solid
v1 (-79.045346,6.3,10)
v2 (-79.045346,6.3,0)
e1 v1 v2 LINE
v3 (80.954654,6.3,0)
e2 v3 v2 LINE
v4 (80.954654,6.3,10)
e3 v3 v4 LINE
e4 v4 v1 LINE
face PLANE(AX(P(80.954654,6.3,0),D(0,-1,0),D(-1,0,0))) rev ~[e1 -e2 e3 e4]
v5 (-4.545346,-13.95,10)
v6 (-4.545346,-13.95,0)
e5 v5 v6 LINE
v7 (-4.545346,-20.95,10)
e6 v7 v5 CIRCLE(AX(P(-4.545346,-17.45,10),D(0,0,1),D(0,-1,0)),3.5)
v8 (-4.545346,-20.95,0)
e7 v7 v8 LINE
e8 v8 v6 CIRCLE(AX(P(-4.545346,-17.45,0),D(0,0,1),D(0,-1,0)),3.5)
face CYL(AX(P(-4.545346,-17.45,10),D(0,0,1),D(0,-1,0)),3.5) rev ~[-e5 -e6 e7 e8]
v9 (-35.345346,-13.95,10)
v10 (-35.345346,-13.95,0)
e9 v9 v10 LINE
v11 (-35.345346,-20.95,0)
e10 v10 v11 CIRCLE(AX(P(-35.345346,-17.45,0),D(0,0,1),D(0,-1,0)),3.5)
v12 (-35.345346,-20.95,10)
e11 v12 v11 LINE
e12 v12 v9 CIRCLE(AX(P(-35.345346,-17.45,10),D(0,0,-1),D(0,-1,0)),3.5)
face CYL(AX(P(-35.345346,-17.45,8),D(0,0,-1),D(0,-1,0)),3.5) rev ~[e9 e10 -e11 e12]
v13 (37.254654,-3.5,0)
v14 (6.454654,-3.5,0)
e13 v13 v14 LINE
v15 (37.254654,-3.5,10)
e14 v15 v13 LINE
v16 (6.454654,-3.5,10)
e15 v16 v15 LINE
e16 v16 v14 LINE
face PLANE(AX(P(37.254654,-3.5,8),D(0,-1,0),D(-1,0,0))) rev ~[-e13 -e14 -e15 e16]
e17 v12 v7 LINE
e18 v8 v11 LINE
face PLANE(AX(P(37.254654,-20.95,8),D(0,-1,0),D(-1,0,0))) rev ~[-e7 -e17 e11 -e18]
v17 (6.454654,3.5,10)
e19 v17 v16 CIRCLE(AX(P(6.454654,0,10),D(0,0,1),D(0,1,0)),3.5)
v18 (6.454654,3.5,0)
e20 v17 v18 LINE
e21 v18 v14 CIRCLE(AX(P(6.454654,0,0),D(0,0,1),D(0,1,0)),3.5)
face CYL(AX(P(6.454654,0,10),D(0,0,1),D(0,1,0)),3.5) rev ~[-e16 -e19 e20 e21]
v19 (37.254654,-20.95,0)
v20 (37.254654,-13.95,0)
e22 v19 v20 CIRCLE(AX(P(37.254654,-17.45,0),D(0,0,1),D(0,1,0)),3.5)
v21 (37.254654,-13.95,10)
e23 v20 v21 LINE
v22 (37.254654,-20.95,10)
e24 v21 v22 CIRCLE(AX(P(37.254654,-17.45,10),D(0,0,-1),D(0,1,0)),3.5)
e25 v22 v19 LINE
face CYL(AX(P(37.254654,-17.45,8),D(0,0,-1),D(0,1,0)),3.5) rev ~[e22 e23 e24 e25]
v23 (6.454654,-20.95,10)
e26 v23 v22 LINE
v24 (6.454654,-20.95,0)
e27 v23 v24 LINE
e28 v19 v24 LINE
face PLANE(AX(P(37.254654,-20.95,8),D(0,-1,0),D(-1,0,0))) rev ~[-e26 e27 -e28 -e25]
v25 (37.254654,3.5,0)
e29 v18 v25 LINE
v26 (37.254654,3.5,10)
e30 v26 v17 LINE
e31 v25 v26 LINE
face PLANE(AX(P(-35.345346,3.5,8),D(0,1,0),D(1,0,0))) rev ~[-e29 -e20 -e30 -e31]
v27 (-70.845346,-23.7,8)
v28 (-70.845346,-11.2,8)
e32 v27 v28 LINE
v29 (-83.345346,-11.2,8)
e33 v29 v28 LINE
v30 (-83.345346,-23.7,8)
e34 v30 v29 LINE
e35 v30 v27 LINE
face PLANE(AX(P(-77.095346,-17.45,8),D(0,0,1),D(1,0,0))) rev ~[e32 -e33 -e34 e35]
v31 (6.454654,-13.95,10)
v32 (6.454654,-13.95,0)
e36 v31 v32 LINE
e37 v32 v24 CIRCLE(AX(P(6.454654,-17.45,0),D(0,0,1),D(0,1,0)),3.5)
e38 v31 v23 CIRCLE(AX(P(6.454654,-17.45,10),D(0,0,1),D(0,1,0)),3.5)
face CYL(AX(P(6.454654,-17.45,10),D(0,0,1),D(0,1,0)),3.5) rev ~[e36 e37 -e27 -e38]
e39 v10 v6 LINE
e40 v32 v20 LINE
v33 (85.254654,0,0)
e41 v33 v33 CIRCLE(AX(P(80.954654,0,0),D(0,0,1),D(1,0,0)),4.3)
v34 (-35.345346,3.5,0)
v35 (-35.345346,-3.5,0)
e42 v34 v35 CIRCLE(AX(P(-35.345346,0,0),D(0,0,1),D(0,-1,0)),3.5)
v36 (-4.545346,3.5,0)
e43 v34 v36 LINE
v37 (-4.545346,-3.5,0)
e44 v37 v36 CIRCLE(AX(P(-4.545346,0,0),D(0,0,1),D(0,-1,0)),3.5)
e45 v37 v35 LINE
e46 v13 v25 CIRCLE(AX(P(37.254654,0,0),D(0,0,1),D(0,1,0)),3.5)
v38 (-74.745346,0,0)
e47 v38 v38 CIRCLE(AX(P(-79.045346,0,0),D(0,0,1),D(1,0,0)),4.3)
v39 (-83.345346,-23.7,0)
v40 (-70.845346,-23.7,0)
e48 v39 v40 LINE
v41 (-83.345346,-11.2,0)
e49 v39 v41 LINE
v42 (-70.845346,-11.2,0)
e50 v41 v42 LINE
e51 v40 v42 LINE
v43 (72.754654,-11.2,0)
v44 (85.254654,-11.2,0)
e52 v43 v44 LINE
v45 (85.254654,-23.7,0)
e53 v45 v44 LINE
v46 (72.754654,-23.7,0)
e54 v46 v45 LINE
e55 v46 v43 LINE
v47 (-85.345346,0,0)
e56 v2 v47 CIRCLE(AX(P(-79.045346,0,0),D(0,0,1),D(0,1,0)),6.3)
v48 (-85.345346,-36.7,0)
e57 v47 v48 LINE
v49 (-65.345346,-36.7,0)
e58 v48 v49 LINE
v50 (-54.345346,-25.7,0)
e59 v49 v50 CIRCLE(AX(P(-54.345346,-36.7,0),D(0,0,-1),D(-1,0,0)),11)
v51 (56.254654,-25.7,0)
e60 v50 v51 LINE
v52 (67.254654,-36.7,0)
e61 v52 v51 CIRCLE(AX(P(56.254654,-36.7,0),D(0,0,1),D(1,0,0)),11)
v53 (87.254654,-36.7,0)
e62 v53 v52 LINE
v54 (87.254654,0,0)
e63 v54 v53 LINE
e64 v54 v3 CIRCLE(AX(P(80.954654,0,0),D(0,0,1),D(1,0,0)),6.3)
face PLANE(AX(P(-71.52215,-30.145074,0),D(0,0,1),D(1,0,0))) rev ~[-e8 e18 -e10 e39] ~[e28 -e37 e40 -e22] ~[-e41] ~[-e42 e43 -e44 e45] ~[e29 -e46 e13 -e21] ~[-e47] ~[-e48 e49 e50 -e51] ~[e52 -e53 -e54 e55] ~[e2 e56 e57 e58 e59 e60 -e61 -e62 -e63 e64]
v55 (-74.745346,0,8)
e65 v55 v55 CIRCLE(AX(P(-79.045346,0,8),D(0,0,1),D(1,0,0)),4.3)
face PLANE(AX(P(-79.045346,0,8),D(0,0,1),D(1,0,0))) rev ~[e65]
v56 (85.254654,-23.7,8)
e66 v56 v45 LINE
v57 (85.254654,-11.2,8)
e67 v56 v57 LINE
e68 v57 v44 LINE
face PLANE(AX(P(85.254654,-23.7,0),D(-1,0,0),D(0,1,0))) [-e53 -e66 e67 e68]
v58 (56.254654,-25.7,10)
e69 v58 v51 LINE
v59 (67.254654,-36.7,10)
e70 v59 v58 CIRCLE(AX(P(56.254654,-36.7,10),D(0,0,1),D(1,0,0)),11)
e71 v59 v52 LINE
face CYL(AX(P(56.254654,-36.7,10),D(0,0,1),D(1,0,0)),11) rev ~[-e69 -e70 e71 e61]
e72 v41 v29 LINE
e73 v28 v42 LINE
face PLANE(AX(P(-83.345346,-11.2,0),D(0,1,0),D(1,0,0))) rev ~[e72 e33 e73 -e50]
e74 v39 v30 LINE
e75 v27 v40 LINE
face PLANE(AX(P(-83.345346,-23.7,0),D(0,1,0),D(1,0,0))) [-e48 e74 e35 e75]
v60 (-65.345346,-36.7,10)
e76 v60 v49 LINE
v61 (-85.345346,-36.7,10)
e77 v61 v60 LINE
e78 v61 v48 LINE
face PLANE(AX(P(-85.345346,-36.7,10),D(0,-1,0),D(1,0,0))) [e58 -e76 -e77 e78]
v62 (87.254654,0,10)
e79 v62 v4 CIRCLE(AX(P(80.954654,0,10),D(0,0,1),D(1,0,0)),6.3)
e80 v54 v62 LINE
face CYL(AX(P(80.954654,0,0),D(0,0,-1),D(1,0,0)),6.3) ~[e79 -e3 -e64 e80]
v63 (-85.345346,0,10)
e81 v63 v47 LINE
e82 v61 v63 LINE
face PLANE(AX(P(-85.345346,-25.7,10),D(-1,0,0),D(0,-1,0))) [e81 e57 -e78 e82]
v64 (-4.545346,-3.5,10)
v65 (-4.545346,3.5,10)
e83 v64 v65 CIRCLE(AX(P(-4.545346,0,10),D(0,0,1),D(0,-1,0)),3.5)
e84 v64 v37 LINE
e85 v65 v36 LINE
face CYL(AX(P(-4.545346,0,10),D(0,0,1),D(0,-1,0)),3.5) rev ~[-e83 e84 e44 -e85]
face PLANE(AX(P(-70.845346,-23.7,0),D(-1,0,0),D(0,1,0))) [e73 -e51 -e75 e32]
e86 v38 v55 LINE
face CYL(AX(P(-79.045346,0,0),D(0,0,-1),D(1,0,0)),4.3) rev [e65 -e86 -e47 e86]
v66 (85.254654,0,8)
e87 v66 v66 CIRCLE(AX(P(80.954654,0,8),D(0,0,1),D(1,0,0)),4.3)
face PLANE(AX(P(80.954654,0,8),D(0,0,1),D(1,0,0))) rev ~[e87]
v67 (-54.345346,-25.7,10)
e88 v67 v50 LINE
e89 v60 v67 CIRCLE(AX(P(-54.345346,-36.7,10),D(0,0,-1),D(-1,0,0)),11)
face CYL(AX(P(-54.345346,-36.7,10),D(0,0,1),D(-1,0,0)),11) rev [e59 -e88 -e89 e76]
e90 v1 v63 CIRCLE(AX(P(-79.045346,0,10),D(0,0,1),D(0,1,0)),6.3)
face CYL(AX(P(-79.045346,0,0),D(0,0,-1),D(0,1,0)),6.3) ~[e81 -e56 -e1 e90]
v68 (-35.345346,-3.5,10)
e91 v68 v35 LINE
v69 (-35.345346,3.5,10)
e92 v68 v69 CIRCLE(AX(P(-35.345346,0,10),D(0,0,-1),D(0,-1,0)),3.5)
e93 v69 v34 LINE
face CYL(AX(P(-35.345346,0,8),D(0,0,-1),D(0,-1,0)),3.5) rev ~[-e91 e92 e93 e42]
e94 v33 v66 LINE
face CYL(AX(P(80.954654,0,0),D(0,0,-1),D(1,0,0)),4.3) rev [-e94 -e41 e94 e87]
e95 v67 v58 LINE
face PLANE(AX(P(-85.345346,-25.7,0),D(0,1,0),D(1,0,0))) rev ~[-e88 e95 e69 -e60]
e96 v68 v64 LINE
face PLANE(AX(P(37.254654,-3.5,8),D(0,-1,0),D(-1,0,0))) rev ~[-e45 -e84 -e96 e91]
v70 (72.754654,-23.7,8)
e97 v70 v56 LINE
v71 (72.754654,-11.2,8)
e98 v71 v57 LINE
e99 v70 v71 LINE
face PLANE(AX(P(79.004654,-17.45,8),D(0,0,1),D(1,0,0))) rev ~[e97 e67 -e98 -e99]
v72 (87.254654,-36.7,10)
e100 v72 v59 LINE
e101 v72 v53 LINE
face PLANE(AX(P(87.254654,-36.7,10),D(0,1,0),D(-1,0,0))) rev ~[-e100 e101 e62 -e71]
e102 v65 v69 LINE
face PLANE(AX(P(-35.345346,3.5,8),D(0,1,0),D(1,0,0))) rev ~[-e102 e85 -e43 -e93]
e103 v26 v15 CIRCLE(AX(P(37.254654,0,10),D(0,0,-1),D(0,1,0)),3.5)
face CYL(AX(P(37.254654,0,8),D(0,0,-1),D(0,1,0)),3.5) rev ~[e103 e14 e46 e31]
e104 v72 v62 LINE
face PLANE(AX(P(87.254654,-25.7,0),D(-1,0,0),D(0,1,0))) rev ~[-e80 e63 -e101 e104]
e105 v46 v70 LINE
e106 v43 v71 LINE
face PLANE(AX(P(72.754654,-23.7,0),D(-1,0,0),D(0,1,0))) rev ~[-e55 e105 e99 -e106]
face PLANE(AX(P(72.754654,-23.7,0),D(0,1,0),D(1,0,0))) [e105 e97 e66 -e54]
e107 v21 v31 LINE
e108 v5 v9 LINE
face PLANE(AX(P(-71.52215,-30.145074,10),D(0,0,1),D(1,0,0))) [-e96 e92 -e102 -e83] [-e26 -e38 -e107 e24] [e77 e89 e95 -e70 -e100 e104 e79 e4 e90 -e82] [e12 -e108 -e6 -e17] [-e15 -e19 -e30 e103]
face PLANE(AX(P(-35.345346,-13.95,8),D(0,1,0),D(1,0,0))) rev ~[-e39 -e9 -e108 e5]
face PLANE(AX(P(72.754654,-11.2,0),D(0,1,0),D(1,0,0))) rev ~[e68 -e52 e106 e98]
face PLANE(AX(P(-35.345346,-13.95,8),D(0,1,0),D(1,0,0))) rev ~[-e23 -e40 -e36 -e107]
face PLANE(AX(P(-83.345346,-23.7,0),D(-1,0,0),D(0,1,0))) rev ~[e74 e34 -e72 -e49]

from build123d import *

# Parameters (mm, degrees)
SKETCH1_R               = 4.3
SKETCH1_W               = 12.5
SKETCH1_H               = 12.5
BOSS_EXTRUDE1_DEPTH     = 8
CUT_EXTRUDE1_DEPTH      = 8
SKETCH1_2_R             = 4.3
SKETCH1_2_W             = 12.5
SKETCH1_2_H             = 12.5
BOSS_EXTRUDE2_DEPTH     = 10
CUT_EXTRUDE2_DEPTH      = 3
CUT_EXTRUDE2_DEPTH_BACK = 9
SKETCH3_W               = 12.5
SKETCH3_H               = 12.5
BOSS_EXTRUDE3_DEPTH     = 2
SKETCH4_R               = 4.3
BOSS_EXTRUDE5_DEPTH     = 2
BOSS_EXTRUDE6_DEPTH     = 10
BOSS_EXTRUDE7_DEPTH     = 10
BOSS_EXTRUDE8_DEPTH     = 10


with BuildPart() as part:
    # Sketch1 → Boss-Extrude1 (new body)
    with BuildSketch(Plane.XY):
        with BuildLine():
            Line((-85.345346062, -25.7), (87.254653938, -25.7))
            Line((87.254653938, -25.7), (87.254653938, 0))
            ThreePointArc((87.254653938, 0), (85.409426659, 4.454772721), (80.954653938, 6.3))
            Line((80.954653938, 6.3), (-79.045346062, 6.3))
            ThreePointArc((-79.045346062, 6.3), (-83.500118784, 4.454772721), (-85.345346062, 0))
            Line((-85.345346062, 0), (-85.345346062, -25.7))
        make_face()
        with Locations((-79.045346062, 0)):
            Circle(SKETCH1_R, mode=Mode.SUBTRACT)
        with Locations((80.954653938, 0)):
            Circle(SKETCH1_R, mode=Mode.SUBTRACT)
        with Locations((-77.095346062, -17.45)):
            Rectangle(SKETCH1_W, SKETCH1_H, mode=Mode.SUBTRACT)
        with Locations((79.004653938, -17.45)):
            Rectangle(SKETCH1_W, SKETCH1_H, mode=Mode.SUBTRACT)
    extrude(amount=BOSS_EXTRUDE1_DEPTH)

    # Sketch2 → Cut-Extrude1 (cut)
    with BuildSketch(Plane.XY.offset(8)):
        with BuildLine():
            Line((-35.345346062, 3.5), (37.254653938, 3.5))
            ThreePointArc((37.254653938, 3.5), (40.754653938, 0), (37.254653938, -3.5))
            Line((37.254653938, -3.5), (-35.345346062, -3.5))
            ThreePointArc((-35.345346062, -3.5), (-38.845346062, 0), (-35.345346062, 3.5))
        make_face()
        with BuildLine():
            Line((-35.345346062, -13.95), (37.254653938, -13.95))
            ThreePointArc((37.254653938, -13.95), (40.754653938, -17.45), (37.254653938, -20.95))
            Line((37.254653938, -20.95), (34.643207431, -20.95))
            Line((34.643207431, -20.95), (-35.345346062, -20.95))
            ThreePointArc((-35.345346062, -20.95), (-38.845346062, -17.45), (-35.345346062, -13.95))
        make_face()
    extrude(amount=-CUT_EXTRUDE1_DEPTH, mode=Mode.SUBTRACT)

    # Sketch1<2> → Boss-Extrude2 (add)
    with BuildSketch(Plane.XY):
        with BuildLine():
            Line((-85.345346062, -25.7), (87.254653938, -25.7))
            Line((87.254653938, -25.7), (87.254653938, 0))
            ThreePointArc((87.254653938, 0), (85.409426659, 4.454772721), (80.954653938, 6.3))
            Line((80.954653938, 6.3), (-79.045346062, 6.3))
            ThreePointArc((-79.045346062, 6.3), (-83.500118784, 4.454772721), (-85.345346062, 0))
            Line((-85.345346062, 0), (-85.345346062, -25.7))
        make_face()
        with Locations((-79.045346062, 0)):
            Circle(SKETCH1_2_R, mode=Mode.SUBTRACT)
        with Locations((80.954653938, 0)):
            Circle(SKETCH1_2_R, mode=Mode.SUBTRACT)
        with Locations((-77.095346062, -17.45)):
            Rectangle(SKETCH1_2_W, SKETCH1_2_H, mode=Mode.SUBTRACT)
        with Locations((79.004653938, -17.45)):
            Rectangle(SKETCH1_2_W, SKETCH1_2_H, mode=Mode.SUBTRACT)
    extrude(amount=BOSS_EXTRUDE2_DEPTH)

    # Sketch2<2> → Cut-Extrude2 (cut, two sides)
    with BuildSketch(Plane.XY.offset(8)) as cut_extrude2_sk:
        with BuildLine():
            Line((-35.345346062, 3.5), (37.254653938, 3.5))
            ThreePointArc((37.254653938, 3.5), (40.754653938, 0), (37.254653938, -3.5))
            Line((37.254653938, -3.5), (-35.345346062, -3.5))
            ThreePointArc((-35.345346062, -3.5), (-38.845346062, 0), (-35.345346062, 3.5))
        make_face()
        with BuildLine():
            Line((-35.345346062, -13.95), (37.254653938, -13.95))
            ThreePointArc((37.254653938, -13.95), (40.754653938, -17.45), (37.254653938, -20.95))
            Line((37.254653938, -20.95), (34.643207431, -20.95))
            Line((34.643207431, -20.95), (-35.345346062, -20.95))
            ThreePointArc((-35.345346062, -20.95), (-38.845346062, -17.45), (-35.345346062, -13.95))
        make_face()
    extrude(amount=CUT_EXTRUDE2_DEPTH, mode=Mode.SUBTRACT)
    extrude(cut_extrude2_sk.sketch, amount=-CUT_EXTRUDE2_DEPTH_BACK, mode=Mode.SUBTRACT)

    # Sketch3 → Boss-Extrude3 (add)
    with BuildSketch(Plane.XY.offset(10)):
        with Locations((-77.095346062, -17.45)):
            Rectangle(SKETCH3_W, SKETCH3_H)
        with Locations((79.004653938, -17.45)):
            Rectangle(SKETCH3_W, SKETCH3_H)
    extrude(amount=-BOSS_EXTRUDE3_DEPTH)

    # Sketch4 → Boss-Extrude5 (add)
    with BuildSketch(Plane.XY.offset(10)):
        with Locations((-79.045346062, 0)):
            Circle(SKETCH4_R)
        with Locations((80.954653938, 0)):
            Circle(SKETCH4_R)
    extrude(amount=-BOSS_EXTRUDE5_DEPTH)

    # Sketch5 → Boss-Extrude6 (add)
    with BuildSketch(Plane.XY.offset(10)):
        with BuildLine():
            Line((-4.545346062, 3.5), (6.454653938, 3.5))
            ThreePointArc((6.454653938, 3.5), (2.954653938, 0), (6.454653938, -3.5))
            Line((6.454653938, -3.5), (-4.545346062, -3.5))
            ThreePointArc((-4.545346062, -3.5), (-1.045346062, 0), (-4.545346062, 3.5))
        make_face()
    extrude(amount=-BOSS_EXTRUDE6_DEPTH)

    # Sketch6 → Boss-Extrude7 (add)
    with BuildSketch(Plane.XY.offset(10)):
        with BuildLine():
            Line((-4.545346062, -13.95), (6.454653938, -13.95))
            ThreePointArc((6.454653938, -13.95), (2.954653938, -17.45), (6.454653938, -20.95))
            Line((6.454653938, -20.95), (-4.545346062, -20.95))
            ThreePointArc((-4.545346062, -20.95), (-1.045346062, -17.45), (-4.545346062, -13.95))
        make_face()
    extrude(amount=-BOSS_EXTRUDE7_DEPTH)

    # Sketch7 → Boss-Extrude8 (add)
    with BuildSketch(Plane.XY.offset(10)):
        with BuildLine():
            Line((-85.345346062, -25.7), (-85.345346062, -36.7))
            Line((-85.345346062, -36.7), (-65.345346062, -36.7))
            ThreePointArc((-65.345346062, -36.7), (-62.123520655, -28.921825407), (-54.345346062, -25.7))
            Line((-54.345346062, -25.7), (-85.345346062, -25.7))
        make_face()
        with BuildLine():
            Line((87.254653938, -25.7), (87.254653938, -36.7))
            Line((87.254653938, -36.7), (67.254653938, -36.7))
            ThreePointArc((67.254653938, -36.7), (64.032828531, -28.921825407), (56.254653938, -25.7))
            Line((56.254653938, -25.7), (87.254653938, -25.7))
        make_face()
    extrude(amount=-BOSS_EXTRUDE8_DEPTH)


solid = part.part
